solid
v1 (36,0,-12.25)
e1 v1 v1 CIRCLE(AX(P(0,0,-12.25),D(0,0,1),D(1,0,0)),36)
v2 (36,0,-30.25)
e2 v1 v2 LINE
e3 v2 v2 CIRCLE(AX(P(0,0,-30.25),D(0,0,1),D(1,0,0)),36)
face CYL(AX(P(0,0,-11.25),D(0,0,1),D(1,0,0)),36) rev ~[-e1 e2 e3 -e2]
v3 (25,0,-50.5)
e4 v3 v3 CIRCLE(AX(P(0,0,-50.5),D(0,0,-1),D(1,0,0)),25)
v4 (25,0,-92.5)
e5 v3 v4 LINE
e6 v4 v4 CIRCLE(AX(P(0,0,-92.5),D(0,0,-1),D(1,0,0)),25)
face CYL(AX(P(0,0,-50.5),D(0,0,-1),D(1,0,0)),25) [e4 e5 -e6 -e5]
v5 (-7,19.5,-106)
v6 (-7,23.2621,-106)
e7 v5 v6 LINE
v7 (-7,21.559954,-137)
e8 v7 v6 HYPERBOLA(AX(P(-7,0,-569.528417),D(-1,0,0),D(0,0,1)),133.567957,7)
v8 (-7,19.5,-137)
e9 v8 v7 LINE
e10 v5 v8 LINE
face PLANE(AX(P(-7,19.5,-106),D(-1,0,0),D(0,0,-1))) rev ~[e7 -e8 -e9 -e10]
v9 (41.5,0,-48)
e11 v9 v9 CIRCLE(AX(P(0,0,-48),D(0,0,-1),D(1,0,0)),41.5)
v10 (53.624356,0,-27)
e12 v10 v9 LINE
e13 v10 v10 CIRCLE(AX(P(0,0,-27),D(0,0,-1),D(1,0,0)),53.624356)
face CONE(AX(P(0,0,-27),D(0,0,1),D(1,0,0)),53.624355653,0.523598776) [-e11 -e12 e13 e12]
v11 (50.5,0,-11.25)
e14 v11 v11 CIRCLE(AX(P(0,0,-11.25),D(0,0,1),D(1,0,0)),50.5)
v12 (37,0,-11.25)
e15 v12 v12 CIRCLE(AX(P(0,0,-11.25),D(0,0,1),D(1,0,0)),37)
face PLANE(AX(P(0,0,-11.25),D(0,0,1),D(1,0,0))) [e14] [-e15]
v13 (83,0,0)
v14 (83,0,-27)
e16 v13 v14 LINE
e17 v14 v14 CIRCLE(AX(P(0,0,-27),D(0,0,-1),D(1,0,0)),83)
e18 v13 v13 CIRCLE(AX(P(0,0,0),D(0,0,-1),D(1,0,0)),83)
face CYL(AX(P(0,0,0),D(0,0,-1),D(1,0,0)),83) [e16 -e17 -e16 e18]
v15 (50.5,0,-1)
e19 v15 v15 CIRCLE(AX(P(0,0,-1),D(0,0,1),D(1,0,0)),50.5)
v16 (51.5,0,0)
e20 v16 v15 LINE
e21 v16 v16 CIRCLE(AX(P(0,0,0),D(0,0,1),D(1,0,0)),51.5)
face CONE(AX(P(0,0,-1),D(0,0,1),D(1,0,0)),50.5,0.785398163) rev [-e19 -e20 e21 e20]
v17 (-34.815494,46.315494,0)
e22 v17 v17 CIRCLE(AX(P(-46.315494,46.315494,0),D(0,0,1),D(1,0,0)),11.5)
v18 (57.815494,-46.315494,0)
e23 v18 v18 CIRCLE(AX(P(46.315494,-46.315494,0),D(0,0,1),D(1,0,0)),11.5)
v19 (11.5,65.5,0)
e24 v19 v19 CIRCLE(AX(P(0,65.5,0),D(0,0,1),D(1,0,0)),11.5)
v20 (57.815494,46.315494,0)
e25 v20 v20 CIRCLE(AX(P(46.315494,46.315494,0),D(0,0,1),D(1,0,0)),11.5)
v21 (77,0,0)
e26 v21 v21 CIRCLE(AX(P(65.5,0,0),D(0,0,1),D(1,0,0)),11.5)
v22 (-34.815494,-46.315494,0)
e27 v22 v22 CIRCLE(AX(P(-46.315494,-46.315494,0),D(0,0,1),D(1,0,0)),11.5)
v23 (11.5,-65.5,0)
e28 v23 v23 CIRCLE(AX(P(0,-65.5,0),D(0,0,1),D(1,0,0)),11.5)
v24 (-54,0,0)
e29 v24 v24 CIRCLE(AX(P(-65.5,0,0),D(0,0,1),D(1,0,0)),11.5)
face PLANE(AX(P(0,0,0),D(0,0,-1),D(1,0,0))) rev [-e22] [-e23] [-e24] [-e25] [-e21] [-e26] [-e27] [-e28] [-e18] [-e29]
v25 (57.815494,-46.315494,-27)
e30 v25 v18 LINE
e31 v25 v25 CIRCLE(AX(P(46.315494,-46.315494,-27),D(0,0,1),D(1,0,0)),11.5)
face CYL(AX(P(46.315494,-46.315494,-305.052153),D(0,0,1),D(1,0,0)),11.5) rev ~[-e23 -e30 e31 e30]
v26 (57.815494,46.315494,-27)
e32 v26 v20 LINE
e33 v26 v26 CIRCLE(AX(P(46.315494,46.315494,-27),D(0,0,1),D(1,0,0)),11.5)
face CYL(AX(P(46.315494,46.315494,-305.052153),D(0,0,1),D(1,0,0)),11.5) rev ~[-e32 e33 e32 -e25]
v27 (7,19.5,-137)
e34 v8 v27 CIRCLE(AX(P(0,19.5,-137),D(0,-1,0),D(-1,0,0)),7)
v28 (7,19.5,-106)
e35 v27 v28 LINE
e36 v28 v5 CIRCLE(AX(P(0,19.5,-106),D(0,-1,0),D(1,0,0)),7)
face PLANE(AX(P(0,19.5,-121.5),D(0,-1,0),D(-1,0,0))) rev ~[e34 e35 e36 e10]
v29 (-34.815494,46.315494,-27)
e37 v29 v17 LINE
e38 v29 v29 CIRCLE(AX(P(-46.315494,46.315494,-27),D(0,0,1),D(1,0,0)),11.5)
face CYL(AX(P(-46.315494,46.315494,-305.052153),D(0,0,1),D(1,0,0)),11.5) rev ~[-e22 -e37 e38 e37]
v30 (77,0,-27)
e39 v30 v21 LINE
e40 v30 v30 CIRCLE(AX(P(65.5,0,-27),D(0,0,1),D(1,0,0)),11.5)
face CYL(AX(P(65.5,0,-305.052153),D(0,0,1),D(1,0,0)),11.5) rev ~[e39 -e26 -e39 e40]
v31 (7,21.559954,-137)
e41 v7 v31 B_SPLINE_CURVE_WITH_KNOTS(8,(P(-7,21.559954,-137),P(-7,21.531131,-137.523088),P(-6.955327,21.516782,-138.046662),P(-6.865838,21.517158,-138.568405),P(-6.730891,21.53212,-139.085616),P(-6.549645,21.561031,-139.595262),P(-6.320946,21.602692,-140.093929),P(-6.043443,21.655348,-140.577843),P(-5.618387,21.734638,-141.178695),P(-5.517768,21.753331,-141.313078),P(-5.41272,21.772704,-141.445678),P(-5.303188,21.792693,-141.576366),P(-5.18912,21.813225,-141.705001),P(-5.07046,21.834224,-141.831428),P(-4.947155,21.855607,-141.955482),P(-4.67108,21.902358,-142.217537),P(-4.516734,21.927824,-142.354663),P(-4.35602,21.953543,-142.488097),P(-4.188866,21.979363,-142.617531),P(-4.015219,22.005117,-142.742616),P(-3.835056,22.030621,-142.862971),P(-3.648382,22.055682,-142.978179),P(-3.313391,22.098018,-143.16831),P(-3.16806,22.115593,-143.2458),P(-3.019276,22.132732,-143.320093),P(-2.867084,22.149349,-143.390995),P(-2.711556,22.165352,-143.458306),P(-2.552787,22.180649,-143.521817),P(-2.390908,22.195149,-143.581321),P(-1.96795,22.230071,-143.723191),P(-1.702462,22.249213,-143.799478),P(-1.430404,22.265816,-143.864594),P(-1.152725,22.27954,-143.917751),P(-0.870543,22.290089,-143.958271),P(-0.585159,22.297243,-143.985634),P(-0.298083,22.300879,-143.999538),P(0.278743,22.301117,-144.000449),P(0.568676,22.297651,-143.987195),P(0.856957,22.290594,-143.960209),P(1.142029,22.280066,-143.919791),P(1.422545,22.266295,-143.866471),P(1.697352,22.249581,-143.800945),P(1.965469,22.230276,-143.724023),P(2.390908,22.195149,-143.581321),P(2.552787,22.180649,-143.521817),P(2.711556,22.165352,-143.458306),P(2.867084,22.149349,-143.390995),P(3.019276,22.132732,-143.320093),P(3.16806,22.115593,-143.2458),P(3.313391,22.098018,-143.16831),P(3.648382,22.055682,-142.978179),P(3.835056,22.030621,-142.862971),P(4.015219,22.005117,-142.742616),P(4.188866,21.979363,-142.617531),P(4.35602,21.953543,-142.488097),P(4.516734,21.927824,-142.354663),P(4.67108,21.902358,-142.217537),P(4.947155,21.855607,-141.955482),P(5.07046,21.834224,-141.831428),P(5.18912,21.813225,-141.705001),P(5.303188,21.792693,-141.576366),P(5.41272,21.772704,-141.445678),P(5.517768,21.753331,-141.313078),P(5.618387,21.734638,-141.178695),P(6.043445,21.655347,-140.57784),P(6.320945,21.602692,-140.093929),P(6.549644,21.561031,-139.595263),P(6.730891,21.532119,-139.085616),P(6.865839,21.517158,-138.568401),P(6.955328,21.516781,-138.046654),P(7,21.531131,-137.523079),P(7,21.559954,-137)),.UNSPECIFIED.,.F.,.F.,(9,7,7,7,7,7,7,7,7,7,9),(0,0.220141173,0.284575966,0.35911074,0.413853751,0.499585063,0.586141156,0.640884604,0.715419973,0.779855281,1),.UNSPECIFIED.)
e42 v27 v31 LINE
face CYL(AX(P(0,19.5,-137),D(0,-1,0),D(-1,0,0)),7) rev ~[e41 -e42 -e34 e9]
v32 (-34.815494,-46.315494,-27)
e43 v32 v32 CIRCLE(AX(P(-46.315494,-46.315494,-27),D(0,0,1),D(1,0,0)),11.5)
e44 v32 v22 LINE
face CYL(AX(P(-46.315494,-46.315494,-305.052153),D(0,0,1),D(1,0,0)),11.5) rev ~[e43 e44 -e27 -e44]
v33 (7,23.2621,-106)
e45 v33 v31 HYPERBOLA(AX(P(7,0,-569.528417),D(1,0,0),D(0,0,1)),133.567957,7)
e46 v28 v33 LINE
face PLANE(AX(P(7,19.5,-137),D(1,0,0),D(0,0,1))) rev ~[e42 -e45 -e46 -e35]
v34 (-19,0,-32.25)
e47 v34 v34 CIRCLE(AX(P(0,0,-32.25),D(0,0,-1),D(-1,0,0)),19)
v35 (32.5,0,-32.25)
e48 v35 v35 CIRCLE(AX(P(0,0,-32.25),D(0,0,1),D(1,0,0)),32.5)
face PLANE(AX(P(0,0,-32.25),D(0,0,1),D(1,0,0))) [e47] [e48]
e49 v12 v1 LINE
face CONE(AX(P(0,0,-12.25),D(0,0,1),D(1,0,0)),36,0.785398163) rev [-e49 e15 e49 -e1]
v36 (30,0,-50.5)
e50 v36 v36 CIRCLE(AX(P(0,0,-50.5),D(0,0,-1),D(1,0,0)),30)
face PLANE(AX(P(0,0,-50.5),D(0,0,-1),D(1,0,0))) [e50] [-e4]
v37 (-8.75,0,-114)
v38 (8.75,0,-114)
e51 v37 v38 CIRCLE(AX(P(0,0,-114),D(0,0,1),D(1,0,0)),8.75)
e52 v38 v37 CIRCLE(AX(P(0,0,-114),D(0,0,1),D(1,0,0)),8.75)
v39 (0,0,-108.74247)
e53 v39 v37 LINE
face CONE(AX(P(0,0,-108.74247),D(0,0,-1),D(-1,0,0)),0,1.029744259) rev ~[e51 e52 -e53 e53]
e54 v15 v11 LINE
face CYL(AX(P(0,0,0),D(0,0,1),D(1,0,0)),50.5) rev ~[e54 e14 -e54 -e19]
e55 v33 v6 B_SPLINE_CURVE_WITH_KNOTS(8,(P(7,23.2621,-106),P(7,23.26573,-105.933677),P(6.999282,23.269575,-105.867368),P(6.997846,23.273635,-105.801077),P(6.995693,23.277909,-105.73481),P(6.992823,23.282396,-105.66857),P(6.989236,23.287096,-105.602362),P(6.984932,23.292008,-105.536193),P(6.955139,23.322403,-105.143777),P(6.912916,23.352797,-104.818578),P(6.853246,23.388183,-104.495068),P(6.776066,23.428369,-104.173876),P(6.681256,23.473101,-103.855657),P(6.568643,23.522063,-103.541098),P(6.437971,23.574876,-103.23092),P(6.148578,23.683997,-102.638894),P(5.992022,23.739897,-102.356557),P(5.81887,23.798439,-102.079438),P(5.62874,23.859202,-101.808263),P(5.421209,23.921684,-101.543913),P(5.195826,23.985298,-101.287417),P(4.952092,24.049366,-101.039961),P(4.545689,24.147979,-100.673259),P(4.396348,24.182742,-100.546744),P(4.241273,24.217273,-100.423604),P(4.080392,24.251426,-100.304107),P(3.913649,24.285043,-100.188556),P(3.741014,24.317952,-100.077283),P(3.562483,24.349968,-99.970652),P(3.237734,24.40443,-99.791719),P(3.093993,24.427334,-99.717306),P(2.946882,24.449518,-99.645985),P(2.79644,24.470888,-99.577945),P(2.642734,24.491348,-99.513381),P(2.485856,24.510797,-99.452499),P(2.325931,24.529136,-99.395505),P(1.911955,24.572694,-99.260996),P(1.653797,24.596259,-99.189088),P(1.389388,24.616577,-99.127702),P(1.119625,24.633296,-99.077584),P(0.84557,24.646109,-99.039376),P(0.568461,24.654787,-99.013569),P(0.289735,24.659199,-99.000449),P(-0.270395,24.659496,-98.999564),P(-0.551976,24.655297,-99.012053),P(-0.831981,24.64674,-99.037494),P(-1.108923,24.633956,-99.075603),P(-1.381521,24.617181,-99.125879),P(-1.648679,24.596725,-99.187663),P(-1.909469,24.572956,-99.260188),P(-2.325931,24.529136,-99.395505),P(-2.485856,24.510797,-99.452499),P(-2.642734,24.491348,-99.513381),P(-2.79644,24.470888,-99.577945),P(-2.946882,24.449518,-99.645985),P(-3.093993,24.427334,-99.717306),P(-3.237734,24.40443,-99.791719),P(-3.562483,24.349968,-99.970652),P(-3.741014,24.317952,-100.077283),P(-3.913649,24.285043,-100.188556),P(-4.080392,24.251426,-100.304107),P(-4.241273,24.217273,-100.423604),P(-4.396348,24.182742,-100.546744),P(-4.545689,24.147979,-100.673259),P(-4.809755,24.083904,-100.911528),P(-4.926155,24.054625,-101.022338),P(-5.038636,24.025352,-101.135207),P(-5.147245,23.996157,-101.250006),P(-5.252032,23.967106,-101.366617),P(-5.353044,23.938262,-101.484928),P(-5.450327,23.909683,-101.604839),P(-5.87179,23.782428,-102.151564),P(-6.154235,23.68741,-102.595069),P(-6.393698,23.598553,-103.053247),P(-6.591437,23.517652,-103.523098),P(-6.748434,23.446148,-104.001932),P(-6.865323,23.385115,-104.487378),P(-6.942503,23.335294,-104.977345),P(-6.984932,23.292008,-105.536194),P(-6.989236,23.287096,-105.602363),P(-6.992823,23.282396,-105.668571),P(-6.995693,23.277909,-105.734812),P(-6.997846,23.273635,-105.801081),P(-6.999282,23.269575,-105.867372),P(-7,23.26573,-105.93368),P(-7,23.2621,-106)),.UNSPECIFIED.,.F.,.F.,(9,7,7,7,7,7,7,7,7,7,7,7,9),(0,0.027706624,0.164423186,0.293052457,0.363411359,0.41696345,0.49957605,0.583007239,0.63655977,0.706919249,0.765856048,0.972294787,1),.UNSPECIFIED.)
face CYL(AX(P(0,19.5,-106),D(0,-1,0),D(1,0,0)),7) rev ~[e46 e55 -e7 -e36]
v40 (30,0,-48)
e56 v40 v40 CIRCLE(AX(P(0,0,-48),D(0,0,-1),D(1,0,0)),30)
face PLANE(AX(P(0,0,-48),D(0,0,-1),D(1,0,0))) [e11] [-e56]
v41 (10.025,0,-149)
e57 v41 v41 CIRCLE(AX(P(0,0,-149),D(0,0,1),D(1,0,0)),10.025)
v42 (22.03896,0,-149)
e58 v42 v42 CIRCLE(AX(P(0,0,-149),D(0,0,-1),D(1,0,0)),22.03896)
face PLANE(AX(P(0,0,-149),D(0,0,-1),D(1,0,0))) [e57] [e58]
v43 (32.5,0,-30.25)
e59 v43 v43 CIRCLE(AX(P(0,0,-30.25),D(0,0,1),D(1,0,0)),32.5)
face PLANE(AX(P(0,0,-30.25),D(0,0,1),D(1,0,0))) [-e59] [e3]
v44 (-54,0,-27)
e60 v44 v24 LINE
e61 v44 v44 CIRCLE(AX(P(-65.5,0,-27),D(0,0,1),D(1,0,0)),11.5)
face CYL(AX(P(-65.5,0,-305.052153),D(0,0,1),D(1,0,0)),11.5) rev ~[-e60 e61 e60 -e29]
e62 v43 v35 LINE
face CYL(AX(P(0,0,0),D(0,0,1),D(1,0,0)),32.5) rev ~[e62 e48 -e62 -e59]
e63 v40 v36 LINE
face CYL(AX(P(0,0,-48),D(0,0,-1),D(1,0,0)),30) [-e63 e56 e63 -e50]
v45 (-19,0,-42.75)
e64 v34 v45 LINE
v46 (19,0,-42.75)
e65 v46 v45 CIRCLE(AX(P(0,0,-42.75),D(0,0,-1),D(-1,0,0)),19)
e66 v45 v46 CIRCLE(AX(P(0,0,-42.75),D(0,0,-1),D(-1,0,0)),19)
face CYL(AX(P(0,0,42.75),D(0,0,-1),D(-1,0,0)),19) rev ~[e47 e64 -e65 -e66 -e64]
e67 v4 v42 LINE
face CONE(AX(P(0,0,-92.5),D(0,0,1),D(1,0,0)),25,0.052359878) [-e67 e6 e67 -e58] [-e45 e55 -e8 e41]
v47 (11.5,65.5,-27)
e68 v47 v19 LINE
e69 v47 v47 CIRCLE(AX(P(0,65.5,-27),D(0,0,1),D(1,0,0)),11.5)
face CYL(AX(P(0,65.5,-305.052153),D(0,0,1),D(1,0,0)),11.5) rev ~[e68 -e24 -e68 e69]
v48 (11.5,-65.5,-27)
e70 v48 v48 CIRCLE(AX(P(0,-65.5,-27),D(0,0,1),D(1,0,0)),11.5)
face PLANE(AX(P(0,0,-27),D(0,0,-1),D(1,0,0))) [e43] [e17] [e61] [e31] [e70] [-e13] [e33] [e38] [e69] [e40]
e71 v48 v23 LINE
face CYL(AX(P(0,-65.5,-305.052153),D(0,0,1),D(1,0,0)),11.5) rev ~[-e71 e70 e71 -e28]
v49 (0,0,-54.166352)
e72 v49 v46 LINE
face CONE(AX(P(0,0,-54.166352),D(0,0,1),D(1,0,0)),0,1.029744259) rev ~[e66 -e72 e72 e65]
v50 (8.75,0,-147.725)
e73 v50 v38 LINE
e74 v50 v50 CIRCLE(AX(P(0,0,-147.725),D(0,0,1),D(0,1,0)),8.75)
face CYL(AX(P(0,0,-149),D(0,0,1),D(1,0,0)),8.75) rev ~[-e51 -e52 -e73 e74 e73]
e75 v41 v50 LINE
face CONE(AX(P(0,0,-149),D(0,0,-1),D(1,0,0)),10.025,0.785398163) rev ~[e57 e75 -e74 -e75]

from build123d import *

# Parameters (mm, degrees)
HOLE_WIZARD_M20_1_D           = 17.5
HOLE_WIZARD_M20_1_DEPTH       = 35
HOLE_WIZARD_M20_1_CSINK_D     = 20.05
HOLE_WIZARD_M20_1_CSINK_ANGLE = 90
HOLE_WIZARD_M20_1_TIP         = 5.257530416
CUT_EXTRUDE_START             = 19.5
CUT_EXTRUDE_1_DEPTH           = 171.181311678
SKETCH_5_R                    = 50.5
CUT_EXTRUDE_2_DEPTH           = 11.25
SKETCH_6_R                    = 36
CUT_EXTRUDE_3_DEPTH           = 19
SKETCH_7_R                    = 32.5
CUT_EXTRUDE_4_DEPTH           = 32.25
CHAMFER_1_SIZE                = 1
HOLE_WIZARD_1_D               = 38
HOLE_WIZARD_1_DEPTH           = 42.75
HOLE_WIZARD_1_TIP             = 11.416351762
HOLE_WIZARD_2_D               = 23


with BuildPart() as part:
    # 草图1 → 旋转1 (revolve)
    with BuildSketch(Plane(origin=(0, 0, 0), x_dir=(0, 0, -1), z_dir=(1, 0, 0)), mode=Mode.PRIVATE) as revolve_1_sk:
        Polygon((0, 0), (0, 83), (27, 83), (27, 53.624355653), (48, 41.5), (48, 30), (50.5, 30), (50.5, 25), (92.5, 25), (149, 22.038960471), (149, 0), align=None)
    revolve(revolve_1_sk.sketch.rotate(Axis((0, 0, 0), (0, 0, -1)), 90), axis=Axis((0, 0, 0), (0, 0, -1)))

    # M20 螺纹孔1
    with Locations(Plane(origin=(0, 0, -149), x_dir=(-1, 0, 0), z_dir=(0, 0, -1))):
        with Locations((0, 0)):
            CounterSinkHole(HOLE_WIZARD_M20_1_D / 2, HOLE_WIZARD_M20_1_CSINK_D / 2, depth=HOLE_WIZARD_M20_1_DEPTH, counter_sink_angle=HOLE_WIZARD_M20_1_CSINK_ANGLE)
            with Locations((0, 0, -(HOLE_WIZARD_M20_1_DEPTH + HOLE_WIZARD_M20_1_TIP / 2))):  # 118° drill point
                Cone(0, HOLE_WIZARD_M20_1_D / 2, HOLE_WIZARD_M20_1_TIP, mode=Mode.SUBTRACT)

    # 草图4 → 切除-拉伸1 (cut, through all)
    with BuildSketch(Plane(origin=(0, 0, 0), x_dir=(1, 0, 0), z_dir=(0, 1, 0)).offset(CUT_EXTRUDE_START)):
        with BuildLine():
            Line((7, 137), (7, 106))
            ThreePointArc((7, 106), (0, 99), (-7, 106))
            Line((-7, 106), (-7, 137))
            ThreePointArc((-7, 137), (0, 144), (7, 137))
        make_face()
    extrude(amount=CUT_EXTRUDE_1_DEPTH, mode=Mode.SUBTRACT)

    # 草图5 → 切除-拉伸2 (cut)
    with BuildSketch(Plane.XY):
        Circle(SKETCH_5_R)
    extrude(amount=-CUT_EXTRUDE_2_DEPTH, mode=Mode.SUBTRACT)

    # 草图6 → 切除-拉伸3 (cut)
    with BuildSketch(Plane.XY.offset(-11.25)):
        Circle(SKETCH_6_R)
    extrude(amount=-CUT_EXTRUDE_3_DEPTH, mode=Mode.SUBTRACT)

    # 草图7 → 切除-拉伸4 (cut)
    with BuildSketch(Plane.XY):
        Circle(SKETCH_7_R)
    extrude(amount=-CUT_EXTRUDE_4_DEPTH, mode=Mode.SUBTRACT)

    # 倒角1
    chamfer_1_edges = [part.edges().sort_by_distance(p)[0] for p in [
        (-50.5, 0, 0),
        (-36, 0, -11.25),
    ]]
    chamfer(chamfer_1_edges, length=CHAMFER_1_SIZE)

    # 孔1
    with Locations(Plane.XY):
        with Locations((0, 0)):
            Hole(HOLE_WIZARD_1_D / 2, depth=HOLE_WIZARD_1_DEPTH)
            with Locations((0, 0, -(HOLE_WIZARD_1_DEPTH + HOLE_WIZARD_1_TIP / 2))):  # 118° drill point
                Cone(0, HOLE_WIZARD_1_D / 2, HOLE_WIZARD_1_TIP, mode=Mode.SUBTRACT)

    # 孔2 (through all)
    with Locations(Plane(origin=(0, 0, -27), x_dir=(-1, 0, 0), z_dir=(0, 0, -1))):
        with Locations((-46.315494168, 46.315494168), (0, 65.5), (46.315494168, 46.315494168), (65.5, 0), (46.315494168, -46.315494168), (0, -65.5), (-46.315494168, -46.315494168), (-65.5, 0)):
            Hole(HOLE_WIZARD_2_D / 2)


solid = part.part
